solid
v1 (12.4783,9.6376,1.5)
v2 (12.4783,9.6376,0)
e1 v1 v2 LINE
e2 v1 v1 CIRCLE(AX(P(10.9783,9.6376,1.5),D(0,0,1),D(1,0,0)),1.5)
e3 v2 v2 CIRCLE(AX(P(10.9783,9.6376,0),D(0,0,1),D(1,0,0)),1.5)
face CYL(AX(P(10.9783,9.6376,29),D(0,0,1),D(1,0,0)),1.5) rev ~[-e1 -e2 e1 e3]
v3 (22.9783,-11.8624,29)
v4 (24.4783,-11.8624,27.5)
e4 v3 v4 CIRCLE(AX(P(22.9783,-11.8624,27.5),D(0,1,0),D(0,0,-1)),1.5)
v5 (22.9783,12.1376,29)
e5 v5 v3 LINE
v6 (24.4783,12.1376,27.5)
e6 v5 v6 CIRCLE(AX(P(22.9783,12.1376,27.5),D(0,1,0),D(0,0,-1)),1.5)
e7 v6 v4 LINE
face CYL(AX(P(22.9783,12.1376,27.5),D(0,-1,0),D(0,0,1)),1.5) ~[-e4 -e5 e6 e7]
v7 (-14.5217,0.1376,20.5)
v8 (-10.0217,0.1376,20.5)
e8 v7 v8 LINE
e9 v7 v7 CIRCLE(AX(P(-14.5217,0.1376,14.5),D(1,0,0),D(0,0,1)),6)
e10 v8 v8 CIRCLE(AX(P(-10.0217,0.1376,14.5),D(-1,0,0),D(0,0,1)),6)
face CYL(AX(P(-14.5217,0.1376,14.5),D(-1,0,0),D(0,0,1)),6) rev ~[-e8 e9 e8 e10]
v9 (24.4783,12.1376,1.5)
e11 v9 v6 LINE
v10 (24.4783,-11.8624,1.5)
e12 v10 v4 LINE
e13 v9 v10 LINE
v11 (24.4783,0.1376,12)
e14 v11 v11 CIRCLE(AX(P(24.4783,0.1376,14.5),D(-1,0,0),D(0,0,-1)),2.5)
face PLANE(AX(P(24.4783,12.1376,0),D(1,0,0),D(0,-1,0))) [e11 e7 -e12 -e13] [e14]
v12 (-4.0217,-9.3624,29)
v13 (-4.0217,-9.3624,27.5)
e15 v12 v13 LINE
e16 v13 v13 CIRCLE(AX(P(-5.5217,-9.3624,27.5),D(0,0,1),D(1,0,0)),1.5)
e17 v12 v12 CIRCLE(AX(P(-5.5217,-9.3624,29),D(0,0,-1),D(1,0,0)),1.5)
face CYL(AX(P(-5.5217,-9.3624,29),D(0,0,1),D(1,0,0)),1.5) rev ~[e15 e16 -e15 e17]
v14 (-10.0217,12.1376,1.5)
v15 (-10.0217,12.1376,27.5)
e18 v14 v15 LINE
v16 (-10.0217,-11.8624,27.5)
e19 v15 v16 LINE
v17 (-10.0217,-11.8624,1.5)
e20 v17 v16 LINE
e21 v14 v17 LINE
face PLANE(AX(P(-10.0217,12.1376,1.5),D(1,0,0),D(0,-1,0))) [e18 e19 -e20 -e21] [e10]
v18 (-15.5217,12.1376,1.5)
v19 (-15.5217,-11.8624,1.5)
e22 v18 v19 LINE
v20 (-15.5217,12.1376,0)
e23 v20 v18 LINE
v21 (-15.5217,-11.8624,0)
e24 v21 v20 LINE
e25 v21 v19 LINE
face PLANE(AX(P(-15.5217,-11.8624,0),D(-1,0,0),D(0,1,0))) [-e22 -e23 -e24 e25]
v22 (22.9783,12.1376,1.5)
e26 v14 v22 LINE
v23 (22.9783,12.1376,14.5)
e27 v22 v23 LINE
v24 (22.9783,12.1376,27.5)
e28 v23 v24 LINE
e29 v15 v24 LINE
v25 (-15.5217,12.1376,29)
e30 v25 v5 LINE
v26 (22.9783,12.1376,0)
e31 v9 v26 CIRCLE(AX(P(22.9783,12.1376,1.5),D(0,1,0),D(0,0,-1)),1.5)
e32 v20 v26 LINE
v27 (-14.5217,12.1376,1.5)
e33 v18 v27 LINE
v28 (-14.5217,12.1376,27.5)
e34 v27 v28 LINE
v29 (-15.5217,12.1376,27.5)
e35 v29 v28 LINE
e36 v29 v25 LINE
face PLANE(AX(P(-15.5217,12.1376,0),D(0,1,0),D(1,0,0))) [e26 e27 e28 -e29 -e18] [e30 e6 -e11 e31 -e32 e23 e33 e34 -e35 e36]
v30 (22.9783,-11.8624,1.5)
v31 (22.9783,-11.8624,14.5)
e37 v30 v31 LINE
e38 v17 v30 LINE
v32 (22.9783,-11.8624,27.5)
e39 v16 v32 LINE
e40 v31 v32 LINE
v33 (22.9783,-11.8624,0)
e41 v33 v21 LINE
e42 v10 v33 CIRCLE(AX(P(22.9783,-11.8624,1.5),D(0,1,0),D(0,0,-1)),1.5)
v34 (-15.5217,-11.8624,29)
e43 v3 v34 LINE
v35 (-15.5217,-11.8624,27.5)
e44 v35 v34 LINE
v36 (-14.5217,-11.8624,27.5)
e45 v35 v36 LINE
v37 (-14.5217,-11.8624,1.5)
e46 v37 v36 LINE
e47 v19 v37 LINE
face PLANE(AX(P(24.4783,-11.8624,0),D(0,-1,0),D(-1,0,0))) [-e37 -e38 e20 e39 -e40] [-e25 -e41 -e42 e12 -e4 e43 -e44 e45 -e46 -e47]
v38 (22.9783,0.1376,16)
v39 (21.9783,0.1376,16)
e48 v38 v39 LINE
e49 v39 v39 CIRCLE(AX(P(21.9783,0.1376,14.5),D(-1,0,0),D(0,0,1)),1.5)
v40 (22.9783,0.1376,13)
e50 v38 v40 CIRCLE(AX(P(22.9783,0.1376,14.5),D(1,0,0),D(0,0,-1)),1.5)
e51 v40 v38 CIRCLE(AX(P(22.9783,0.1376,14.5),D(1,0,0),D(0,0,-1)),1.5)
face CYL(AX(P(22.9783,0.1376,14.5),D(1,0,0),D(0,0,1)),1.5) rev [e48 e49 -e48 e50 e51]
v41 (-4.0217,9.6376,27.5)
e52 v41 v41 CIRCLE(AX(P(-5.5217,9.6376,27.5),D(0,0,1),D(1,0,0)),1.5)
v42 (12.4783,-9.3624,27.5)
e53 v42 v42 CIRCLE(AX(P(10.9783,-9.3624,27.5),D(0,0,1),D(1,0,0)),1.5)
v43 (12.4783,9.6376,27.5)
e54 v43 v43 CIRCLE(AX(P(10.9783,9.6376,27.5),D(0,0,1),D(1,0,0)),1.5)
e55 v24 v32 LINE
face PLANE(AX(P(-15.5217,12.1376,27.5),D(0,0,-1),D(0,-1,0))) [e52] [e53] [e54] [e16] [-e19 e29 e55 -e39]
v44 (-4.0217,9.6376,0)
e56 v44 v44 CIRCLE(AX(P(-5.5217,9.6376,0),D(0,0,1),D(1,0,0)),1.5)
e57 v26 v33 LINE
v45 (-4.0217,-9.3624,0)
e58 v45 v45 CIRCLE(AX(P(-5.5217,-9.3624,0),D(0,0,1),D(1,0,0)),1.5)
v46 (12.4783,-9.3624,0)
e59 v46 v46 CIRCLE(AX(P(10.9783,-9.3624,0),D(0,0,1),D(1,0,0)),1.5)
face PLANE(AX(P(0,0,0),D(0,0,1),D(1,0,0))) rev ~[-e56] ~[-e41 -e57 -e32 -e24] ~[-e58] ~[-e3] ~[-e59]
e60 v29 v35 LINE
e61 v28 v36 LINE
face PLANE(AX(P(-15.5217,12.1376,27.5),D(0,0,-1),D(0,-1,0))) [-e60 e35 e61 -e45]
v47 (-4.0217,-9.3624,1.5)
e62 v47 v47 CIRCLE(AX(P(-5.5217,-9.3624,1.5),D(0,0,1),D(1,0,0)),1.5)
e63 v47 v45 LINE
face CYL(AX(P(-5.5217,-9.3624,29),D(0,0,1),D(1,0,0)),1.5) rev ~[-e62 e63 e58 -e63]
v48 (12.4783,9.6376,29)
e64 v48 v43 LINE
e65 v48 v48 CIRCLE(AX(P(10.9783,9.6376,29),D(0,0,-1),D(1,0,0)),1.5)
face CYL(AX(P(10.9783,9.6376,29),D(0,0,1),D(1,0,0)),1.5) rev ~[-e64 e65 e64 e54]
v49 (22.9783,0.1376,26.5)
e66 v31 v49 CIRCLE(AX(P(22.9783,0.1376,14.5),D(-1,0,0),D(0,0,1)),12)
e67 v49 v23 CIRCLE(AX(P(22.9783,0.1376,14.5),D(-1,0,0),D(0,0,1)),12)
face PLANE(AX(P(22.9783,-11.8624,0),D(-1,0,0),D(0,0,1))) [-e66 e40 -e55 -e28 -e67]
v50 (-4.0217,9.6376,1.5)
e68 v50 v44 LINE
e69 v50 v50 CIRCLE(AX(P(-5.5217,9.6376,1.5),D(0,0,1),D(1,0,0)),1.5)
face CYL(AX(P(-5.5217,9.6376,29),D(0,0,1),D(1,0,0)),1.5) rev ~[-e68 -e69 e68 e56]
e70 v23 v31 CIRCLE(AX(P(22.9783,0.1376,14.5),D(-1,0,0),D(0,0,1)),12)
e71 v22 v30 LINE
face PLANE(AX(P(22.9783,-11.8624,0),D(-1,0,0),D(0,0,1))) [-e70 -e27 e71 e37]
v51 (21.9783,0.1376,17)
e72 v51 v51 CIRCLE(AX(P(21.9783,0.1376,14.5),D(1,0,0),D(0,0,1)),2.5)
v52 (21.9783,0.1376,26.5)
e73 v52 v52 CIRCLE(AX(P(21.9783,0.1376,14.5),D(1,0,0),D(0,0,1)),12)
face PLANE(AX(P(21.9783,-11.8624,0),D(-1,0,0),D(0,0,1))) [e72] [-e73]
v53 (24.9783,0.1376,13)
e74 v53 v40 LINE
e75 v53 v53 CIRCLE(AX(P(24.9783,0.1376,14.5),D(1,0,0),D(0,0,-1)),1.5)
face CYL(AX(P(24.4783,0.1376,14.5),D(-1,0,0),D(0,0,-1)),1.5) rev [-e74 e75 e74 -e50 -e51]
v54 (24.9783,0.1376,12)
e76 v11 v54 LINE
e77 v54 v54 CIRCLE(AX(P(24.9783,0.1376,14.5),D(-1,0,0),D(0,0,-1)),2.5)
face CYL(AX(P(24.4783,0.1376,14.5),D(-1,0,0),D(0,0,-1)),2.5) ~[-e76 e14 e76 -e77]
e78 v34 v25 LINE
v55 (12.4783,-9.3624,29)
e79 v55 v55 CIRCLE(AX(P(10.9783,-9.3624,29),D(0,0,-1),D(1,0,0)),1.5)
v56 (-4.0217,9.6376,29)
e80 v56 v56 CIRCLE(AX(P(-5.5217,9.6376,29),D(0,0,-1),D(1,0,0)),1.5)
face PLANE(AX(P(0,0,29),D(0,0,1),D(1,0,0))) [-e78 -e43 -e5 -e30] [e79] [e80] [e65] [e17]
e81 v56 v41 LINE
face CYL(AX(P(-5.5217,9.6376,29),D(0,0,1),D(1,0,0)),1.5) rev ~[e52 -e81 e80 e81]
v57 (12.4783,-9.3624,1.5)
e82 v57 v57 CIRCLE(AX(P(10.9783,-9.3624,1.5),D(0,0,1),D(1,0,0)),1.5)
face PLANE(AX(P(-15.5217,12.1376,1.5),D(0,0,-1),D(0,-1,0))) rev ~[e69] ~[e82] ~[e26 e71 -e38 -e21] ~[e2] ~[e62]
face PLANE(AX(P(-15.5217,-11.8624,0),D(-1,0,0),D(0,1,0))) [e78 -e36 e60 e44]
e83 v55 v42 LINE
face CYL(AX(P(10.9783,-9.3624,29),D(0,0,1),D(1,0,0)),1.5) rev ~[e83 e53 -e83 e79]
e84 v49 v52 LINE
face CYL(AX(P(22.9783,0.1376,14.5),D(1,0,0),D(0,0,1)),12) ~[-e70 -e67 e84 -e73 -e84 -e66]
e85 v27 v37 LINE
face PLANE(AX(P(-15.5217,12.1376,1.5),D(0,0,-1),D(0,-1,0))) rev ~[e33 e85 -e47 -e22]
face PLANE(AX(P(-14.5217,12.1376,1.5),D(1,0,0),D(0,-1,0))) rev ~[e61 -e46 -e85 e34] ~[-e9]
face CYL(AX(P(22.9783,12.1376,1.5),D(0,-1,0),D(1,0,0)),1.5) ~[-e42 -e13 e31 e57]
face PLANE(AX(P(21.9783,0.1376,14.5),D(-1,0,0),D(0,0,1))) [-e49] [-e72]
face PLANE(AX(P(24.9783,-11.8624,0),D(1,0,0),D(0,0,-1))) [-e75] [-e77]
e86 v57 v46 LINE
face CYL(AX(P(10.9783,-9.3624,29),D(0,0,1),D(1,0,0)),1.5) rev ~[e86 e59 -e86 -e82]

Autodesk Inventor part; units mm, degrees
ref_plane "YZ Plane" through (0, 0, 0) normal (1, 0, 0) x (0, 1, 0)
ref_plane "XZ Plane" through (0, 0, 0) normal (0, 1, 0) x (-1, 0, 0)
ref_plane "XY Plane" through (0, 0, 0) normal (0, 0, 1) x (1, 0, 0)
sketch "Sketch1" plane through (0, 0, 0) normal (0, 0, 1) x (1, 0, 0)
  line L0 (-15.5217, 12.1376) -> (24.4783, 12.1376)
  line L1 (24.4783, 12.1376) -> (24.4783, -11.8624)
  line L2 (24.4783, -11.8624) -> (-15.5217, -11.8624)
  line L3 (-15.5217, -11.8624) -> (-15.5217, 12.1376)
  point P0 (0, 0)
  dimension "d0" = 40
  dimension "d1" = 24
extrude "Extrusion1" add sketch "Sketch1" along normal blind 29
sketch "Sketch2" plane through (-15.5217, -11.8624, 0) normal (-1, 0, 0) x (0, 0, 1)
  line L0 (0, 0) -> (0, 24) projected
  line L1 (0, 0) -> (29, 0) projected
  line L2 (0, 24) -> (1.5, 24)
  line L3 (1.5, 24) -> (1.5, 0)
  line L4 (1.5, 0) -> (0, 0)
  line L5 (0, 0) -> (0, 24)
  line L6 (0, 24) -> (29, 24) projected
  line L7 (29, 24) -> (27.5, 24)
  line L8 (27.5, 24) -> (27.5, 0)
  line L9 (27.5, 0) -> (29, 0)
  line L10 (29, 0) -> (29, 24)
  line L11 (1.5, 24) -> (27.5, 24)
  line L12 (27.5, 24) -> (27.5, 0)
  line L13 (27.5, 0) -> (1.5, 0)
  line L14 (1.5, 0) -> (1.5, 24)
  point P0 (0, 11.8624)
  dimension "d4" = 1.5
  dimension "d5" = 1.5
  dimension "d6" = 24
extrude "Extrusion2" cut sketch "Sketch2" against normal blind 38.5 contours L3 L6 L8 L1
sketch "Sketch3" plane through (24.4783, -11.8624, 0) normal (1, 0, 0) x (0, 0, -1)
  line L0 (0, 24) -> (-29, 24) projected
  line L1 (0, 24) -> (0, 0) projected
  line L2 (-29, 0) -> (-29, 24) projected
  circle A0 centre (-14.5, 12) radius 1.5
  circle A1 centre (-14.5, 12) radius 2.5
  line L3 (0, 24) -> (-12.574, 13.5939)
  line L4 (-16.426, 10.4061) -> (-29, 0)
  line L5 (-29, 24) -> (-16.426, 13.5939)
  line L6 (-12.574, 10.4061) -> (0, 0)
  point P0 (0, 11.8624)
  dimension "d9" = 3
  dimension "d10" = 5
extrude "Extrusion3" add sketch "Sketch3" along normal blind 0.5 contours A1
sketch "Sketch4" plane through (24.4783, -11.8624, 0) normal (1, 0, 0) x (0, 0, -1)
  line L0 (0, 24) -> (0, 0) projected
  line L1 (0, 0) -> (-29, 0) projected
  line L2 (0, 24) -> (-29, 0)
  line L3 (0, 24) -> (-29, 24) projected
  line L4 (-29, 24) -> (0, 0)
  circle A0 centre (-14.5, 12) radius 1.5 projected
  circle A1 centre (-14.5, 12) radius 1.5
  point P0 (0, 11.8624)
  dimension "d13" = 3
extrude "Extrusion4" cut sketch "Sketch4" against normal blind 1.5 contours A0 L4 L2 | L2 L4 A0 | A0 L2 L4 | L2 A0 L4
sketch "Sketch5" plane through (-15.5217, -11.8624, 1.5) normal (0, 0, 1) x (1, 0, 0)
  line L0 (0, 24) -> (40, 24) projected
  line L1 (0, 24) -> (1, 24)
  line L2 (1, 24) -> (1, 0)
  line L3 (1, 0) -> (0, 0)
  line L4 (0, 0) -> (0, 24)
  line L5 (1, 24) -> (5.5, 24)
  line L6 (5.5, 24) -> (5.5, 0)
  line L7 (5.5, 0) -> (1, 0)
  line L8 (1, 0) -> (1, 24)
  point P0 (15.5217, 11.8624)
  dimension "d16" = 1
  dimension "d17" = 24
  dimension "d18" = 4.5
  dimension "d19" = 24
extrude "Extrusion5" add sketch "Sketch5" along normal blind 26 contours L0 L6 L7 L2
sketch "Sketch6" plane through (-14.5217, -11.8624, 1.5) normal (-1, 0, 0) x (0, 0, 1)
  line L0 (26, 24) -> (26, 0) projected
  line L1 (-1.5, 24) -> (27.5, 24) projected
  line L2 (26, 0) -> (0, 0) projected
  circle A0 centre (13, 12) radius 6
  line L3 (0, 24) -> (8.5912, 16.0697)
  line L4 (17.4088, 7.9303) -> (26, 0)
  line L5 (26, 24) -> (17.4088, 16.0697)
  line L6 (8.5912, 7.9303) -> (0, 0)
  point P0 (-1.5, 11.8624)
  dimension "d22" = 12
extrude "Extrusion6" cut sketch "Sketch6" against normal blind 4.5 contours A0
sketch "Sketch7" plane through (22.9783, -11.8624, 0) normal (-1, 0, 0) x (0, 0, 1)
  line L0 (27.5, 0) -> (1.5, 0) projected
  line L1 (27.5, 24) -> (1.5, 0)
  line L2 (1.5, 0) -> (1.5, 24)
  line L3 (1.5, 24) -> (27.5, 0)
  circle A0 centre (14.5, 12) radius 2.5 projected
  circle A1 centre (14.5, 12) radius 12
  point P0 (0, 11.8624)
extrude "Extrusion7" add sketch "Sketch7" along normal blind 1 contours A1 L1 A0 L3 | L3 A0 L1 A1 | A1 L3 A0 L1 | A1 L1 A0 L3
fillet "Fillet1" radius 1.5 1 edges at (24.4783, 0.1376, 29)
fillet "Fillet2" radius 1.5 1 edges at (24.4783, 0.1376, 0)
sketch "Sketch8" plane through (0, 0, 29) normal (0, 0, 1) x (1, 0, 0)
  line L0 (-15.5217, -11.8624) -> (-15.5217, 12.1376) projected
  line L1 (-15.5217, 12.1376) -> (-5.5217, 12.1376)
  line L2 (-5.5217, 12.1376) -> (-5.5217, -11.8624)
  line L3 (-5.5217, -11.8624) -> (-15.5217, -11.8624)
  line L4 (-15.5217, -11.8624) -> (-15.5217, 12.1376)
  line L5 (-15.5217, 12.1376) -> (-5.5217, 12.1376)
  line L6 (-7.0217, -9.3624) -> (-15.5217, -9.3624)
  line L7 (-15.5217, -9.3624) -> (-15.5217, 12.1376)
  line L8 (-5.5217, -11.8624) -> (-15.5217, -11.8624)
  line L9 (-15.5217, -11.8624) -> (-15.5217, 9.6376)
  line L10 (-15.5217, 9.6376) -> (-7.0217, 9.6376)
  line L11 (-5.5217, 9.6376) -> (-5.5217, -11.8624)
  circle A0 centre (-5.5217, 9.6376) radius 1.5
  circle A1 centre (-5.5217, -9.3624) radius 1.5
  line L12 (-5.5217, 12.1376) -> (-5.5217, 9.6376)
  line L13 (-5.5217, 8.1376) -> (-5.5217, -9.3624)
  point P0 (0, 0)
  dimension "d35" = 3
  dimension "d29" = 10
  dimension "d30" = 24
  dimension "d31" = 10
  dimension "d32" = 21.5
  dimension "d33" = 21.5
  dimension "d34" = 3
extrude "Extrusion8" cut sketch "Sketch8" against normal blind 29 contours A1 L2 | L2 A1 | A0 L2 | L2 A0
sketch "Sketch9" plane through (0, 0, 29) normal (0, 0, 1) x (1, 0, 0)
  line L0 (-15.5217, 12.1376) -> (-15.5217, -11.8624) projected
  line L1 (-15.5217, 12.1376) -> (10.9783, 12.1376)
  line L2 (10.9783, 12.1376) -> (10.9783, -9.3624)
  line L3 (10.9783, -9.3624) -> (-15.5217, -9.3624)
  line L4 (-15.5217, -9.3624) -> (-15.5217, 12.1376)
  line L5 (10.9783, 12.1376) -> (10.9783, 10.0118)
  circle A0 centre (10.9783, -9.3624) radius 1.5
  circle A1 centre (10.9783, 9.6376) radius 1.5
  point P0 (0, 0)
  dimension "d38" = 26.5
  dimension "d39" = 3
  dimension "d40" = 3
extrude "Extrusion9" cut sketch "Sketch9" against normal blind 29 contours A0 L2 L3 | L3 L2 A0 | A1 L2 | L2 A1
sketch "Sketch10" plane through (22.9783, 0.1376, 14.5) normal (-1, 0, 0) x (0, 0, 1)
  circle A0 centre (0, 0) radius 1.5 projected
  circle A1 centre (0, 0) radius 2.5
  point P0 (-14.5, -0.1376)
  dimension "d43" = 5
extrude "Extrusion10" add sketch "Sketch10" along normal blind 1
